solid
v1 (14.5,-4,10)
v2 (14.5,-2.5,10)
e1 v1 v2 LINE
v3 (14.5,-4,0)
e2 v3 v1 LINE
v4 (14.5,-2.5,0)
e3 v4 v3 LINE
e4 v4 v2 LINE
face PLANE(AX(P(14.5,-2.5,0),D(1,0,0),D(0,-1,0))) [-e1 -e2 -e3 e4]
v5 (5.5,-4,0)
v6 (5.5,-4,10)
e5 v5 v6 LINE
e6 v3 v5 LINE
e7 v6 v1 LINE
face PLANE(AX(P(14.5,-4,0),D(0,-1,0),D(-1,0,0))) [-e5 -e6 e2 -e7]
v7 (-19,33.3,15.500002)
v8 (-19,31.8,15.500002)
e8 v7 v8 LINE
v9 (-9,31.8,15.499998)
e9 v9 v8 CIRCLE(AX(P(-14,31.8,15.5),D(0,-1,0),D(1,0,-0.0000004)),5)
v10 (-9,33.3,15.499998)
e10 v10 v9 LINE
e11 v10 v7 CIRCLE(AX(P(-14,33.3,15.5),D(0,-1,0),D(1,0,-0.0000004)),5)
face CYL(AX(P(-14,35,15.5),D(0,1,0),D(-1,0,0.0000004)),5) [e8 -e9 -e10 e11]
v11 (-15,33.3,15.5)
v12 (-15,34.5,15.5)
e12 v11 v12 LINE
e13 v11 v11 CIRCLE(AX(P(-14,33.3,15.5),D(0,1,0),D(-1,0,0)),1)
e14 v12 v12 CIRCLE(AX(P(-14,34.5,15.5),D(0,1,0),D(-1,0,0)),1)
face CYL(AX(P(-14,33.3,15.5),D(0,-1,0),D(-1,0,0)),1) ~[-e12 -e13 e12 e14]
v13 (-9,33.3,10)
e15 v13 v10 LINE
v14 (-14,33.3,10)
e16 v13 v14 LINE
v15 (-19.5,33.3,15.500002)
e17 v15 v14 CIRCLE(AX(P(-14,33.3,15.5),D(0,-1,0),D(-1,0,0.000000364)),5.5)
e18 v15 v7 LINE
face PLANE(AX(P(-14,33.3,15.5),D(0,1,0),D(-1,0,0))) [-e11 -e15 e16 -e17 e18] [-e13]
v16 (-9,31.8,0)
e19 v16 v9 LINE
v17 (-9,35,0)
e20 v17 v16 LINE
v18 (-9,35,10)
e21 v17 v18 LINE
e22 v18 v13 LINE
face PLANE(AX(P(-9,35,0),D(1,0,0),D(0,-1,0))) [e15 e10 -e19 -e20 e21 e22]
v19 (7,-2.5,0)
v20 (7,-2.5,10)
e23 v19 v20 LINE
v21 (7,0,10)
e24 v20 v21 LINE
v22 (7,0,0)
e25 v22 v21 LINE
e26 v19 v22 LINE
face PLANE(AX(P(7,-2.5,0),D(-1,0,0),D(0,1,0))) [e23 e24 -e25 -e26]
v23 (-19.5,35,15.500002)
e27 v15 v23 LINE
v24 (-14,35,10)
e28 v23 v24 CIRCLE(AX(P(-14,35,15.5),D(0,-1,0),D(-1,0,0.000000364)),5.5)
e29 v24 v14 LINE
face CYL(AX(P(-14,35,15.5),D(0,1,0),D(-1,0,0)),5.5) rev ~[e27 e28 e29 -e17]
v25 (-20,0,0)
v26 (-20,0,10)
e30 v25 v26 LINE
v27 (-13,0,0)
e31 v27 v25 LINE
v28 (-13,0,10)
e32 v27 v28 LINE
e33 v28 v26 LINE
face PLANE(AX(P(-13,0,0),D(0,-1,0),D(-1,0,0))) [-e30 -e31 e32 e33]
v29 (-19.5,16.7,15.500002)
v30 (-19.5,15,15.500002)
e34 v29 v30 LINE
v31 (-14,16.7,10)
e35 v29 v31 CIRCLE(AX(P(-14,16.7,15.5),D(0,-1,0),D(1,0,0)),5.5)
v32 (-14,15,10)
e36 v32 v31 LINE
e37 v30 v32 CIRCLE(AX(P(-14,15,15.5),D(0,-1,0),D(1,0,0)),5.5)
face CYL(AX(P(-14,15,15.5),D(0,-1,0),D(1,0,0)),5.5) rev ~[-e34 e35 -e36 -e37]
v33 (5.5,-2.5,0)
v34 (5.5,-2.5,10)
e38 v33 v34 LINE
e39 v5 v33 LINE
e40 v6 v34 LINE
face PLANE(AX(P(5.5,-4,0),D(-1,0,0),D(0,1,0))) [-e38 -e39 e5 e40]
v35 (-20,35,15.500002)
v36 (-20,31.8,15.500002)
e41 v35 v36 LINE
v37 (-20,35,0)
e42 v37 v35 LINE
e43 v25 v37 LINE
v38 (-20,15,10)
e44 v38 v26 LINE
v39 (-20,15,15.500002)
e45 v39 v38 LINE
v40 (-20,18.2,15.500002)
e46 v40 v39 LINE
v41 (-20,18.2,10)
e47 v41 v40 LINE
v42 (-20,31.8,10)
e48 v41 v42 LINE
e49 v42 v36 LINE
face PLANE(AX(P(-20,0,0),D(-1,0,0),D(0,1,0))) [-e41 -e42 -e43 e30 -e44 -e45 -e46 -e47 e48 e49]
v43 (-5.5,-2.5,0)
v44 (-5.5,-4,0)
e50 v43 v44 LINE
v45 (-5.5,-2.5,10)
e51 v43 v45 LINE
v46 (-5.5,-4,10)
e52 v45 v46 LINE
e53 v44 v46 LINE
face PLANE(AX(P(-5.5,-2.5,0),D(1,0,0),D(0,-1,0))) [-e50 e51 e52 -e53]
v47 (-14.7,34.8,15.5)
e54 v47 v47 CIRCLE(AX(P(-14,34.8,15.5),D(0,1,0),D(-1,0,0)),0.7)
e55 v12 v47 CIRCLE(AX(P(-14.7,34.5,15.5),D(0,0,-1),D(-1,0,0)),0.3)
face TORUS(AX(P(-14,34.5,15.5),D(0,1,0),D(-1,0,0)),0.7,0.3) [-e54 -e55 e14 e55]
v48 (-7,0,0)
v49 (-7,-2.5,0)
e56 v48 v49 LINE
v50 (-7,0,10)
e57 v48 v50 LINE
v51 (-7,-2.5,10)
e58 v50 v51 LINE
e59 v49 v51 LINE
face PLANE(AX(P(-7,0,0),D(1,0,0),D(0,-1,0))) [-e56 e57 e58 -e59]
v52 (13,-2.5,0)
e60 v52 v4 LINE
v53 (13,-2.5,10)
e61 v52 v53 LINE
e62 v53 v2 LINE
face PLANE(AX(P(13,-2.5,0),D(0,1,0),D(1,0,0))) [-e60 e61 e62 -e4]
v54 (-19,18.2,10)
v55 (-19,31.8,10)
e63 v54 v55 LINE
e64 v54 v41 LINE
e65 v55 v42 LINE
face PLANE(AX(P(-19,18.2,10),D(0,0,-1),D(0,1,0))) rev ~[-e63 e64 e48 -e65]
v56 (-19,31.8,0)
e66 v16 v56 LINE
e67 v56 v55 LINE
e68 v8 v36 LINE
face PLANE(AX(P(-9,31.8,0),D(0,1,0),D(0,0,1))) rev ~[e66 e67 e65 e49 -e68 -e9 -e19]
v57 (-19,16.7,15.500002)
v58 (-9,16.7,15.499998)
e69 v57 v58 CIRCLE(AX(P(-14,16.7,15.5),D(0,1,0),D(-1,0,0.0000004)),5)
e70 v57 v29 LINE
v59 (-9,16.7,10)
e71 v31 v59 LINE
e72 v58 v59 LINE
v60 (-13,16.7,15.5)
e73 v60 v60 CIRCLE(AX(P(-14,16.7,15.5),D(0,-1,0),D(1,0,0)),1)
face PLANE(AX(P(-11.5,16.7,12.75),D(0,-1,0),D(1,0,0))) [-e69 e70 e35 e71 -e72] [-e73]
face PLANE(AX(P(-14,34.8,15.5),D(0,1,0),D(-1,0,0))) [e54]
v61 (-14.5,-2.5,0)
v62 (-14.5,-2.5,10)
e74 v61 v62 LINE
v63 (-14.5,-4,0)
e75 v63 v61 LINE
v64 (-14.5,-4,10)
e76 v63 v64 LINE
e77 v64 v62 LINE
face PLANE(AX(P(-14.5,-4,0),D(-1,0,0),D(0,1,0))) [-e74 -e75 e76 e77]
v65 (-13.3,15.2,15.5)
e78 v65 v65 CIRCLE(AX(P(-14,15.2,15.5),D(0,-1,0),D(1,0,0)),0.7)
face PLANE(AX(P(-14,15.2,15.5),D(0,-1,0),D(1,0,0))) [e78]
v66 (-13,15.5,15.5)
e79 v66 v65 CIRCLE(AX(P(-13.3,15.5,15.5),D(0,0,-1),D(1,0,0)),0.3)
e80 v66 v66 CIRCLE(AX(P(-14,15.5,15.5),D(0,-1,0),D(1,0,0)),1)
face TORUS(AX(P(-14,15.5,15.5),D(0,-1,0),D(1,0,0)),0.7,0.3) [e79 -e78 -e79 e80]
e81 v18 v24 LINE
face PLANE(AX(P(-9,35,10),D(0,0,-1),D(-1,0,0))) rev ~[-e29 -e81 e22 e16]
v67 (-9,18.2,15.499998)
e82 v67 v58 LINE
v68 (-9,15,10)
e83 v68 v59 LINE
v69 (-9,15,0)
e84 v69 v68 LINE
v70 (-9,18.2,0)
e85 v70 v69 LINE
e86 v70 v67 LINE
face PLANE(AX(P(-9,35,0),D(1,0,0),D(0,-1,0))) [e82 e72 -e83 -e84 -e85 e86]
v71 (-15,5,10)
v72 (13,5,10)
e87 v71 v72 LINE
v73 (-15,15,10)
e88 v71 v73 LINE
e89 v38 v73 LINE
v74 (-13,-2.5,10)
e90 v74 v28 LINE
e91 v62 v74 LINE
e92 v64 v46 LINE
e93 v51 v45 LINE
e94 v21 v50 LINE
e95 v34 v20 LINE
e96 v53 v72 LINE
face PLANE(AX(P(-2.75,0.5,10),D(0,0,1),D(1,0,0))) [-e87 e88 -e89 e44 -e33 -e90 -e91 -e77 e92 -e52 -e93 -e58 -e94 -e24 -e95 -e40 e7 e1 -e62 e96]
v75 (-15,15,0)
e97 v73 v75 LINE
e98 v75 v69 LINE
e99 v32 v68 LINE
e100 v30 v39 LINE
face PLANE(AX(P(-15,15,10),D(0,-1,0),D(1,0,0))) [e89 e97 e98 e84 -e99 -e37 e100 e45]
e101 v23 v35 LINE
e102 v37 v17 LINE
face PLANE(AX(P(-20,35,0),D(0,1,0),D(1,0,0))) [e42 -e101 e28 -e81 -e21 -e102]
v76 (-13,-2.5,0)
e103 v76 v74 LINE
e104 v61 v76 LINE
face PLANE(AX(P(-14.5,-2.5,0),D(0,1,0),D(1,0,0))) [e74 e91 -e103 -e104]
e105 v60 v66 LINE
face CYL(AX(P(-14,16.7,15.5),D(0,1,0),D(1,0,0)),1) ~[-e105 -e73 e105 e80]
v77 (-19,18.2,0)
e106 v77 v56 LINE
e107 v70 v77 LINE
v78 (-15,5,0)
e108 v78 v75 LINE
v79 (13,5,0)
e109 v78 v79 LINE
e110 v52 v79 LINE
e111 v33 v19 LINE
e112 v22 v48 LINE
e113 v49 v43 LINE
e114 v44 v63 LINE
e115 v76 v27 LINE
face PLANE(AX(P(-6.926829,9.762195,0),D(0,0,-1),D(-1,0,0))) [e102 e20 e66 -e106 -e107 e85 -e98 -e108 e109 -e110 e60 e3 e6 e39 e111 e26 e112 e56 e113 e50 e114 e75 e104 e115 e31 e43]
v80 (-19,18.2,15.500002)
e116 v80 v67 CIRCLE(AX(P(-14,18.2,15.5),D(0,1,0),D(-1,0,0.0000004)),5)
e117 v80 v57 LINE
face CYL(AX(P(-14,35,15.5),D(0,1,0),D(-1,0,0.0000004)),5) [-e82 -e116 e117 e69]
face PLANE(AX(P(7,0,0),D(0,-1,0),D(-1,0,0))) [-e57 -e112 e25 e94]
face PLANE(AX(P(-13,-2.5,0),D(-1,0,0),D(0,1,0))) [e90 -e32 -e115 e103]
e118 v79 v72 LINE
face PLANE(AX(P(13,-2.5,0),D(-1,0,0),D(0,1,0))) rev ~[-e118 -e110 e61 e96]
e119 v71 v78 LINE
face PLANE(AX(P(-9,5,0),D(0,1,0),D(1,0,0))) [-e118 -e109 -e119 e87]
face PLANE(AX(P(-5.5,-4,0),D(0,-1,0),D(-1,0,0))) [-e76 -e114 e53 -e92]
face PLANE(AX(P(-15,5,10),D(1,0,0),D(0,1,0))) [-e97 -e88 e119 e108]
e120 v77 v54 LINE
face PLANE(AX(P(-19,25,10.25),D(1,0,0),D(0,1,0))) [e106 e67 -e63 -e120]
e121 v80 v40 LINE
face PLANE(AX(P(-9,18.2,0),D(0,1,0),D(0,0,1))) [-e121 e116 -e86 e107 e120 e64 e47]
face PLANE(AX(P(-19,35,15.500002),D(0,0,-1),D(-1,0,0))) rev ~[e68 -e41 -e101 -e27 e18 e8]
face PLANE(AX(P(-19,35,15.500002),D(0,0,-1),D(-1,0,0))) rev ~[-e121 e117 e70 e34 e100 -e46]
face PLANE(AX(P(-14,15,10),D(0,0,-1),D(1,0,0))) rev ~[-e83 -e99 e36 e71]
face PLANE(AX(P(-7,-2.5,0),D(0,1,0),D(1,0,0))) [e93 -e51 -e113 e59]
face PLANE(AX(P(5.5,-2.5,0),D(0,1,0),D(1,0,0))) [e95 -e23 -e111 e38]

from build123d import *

# Parameters (mm, degrees)
PAD_DEPTH       = 20.5
SKETCH003_W     = 34.5
SKETCH003_H     = 9
POCKET_DEPTH    = 10.5
POCKET001_DEPTH = 20
SKETCH018_W     = 13.6
SKETCH018_H     = 20.5
POCKET002_DEPTH = 10
SKETCH019_W     = 11
SKETCH019_H     = 10
POCKET003_DEPTH = 10.5
SKETCH020_W     = 6
SKETCH020_H     = 10
POCKET004_DEPTH = 10
SKETCH021_R     = 5.5
POCKET005_DEPTH = 1.7
SKETCH022_W     = 5
SKETCH022_H     = 5.5
POCKET006_DEPTH = 1.7
SKETCH023_R     = 5.5
POCKET007_DEPTH = 1.7
SKETCH024_W     = 5
SKETCH024_H     = 5.5
POCKET008_DEPTH = 1.7
SKETCH025_W     = 13.6
SKETCH025_H     = 5.500002
POCKET009_DEPTH = 1
SKETCH026_R     = 1
PAD001_DEPTH    = 1.5
FILLET_R        = 0.3
SKETCH027_R     = 1
PAD002_DEPTH    = 1.5
FILLET001_R     = 0.3


with BuildPart() as part:
    # Sketch → Pad (new body)
    with BuildSketch(Plane.XY):
        Polygon((13, 0), (13, -2.5), (14.5, -2.5), (14.5, -4), (5.5, -4), (5.5, -2.5), (7, -2.5), (7, 0), (-7, 0), (-7, -2.5), (-5.5, -2.5), (-5.5, -4), (-14.5, -4), (-14.5, -2.5), (-13, -2.5), (-13, 0), (-20, 0), (-20, 35), (-9, 35), (-9, 5), (13, 5), align=None)
    extrude(amount=PAD_DEPTH)

    # Sketch003 (on Face23 of Pad) → Pocket (cut)
    with BuildSketch(Plane.XY.offset(20.5)):
        with Locations((-2.75, 0.5)):
            Rectangle(SKETCH003_W, SKETCH003_H)
    extrude(amount=-POCKET_DEPTH, mode=Mode.SUBTRACT)

    # Sketch001 (on Face18 of Pad) → Pocket001 (cut)
    with BuildSketch(Plane(origin=(0, 35, 0), x_dir=(-1, 0, 0), z_dir=(0, 1, 0))):
        with BuildLine():
            ThreePointArc((19, 15.500002), (13.999998, 20.5), (9, 15.499998))
            Line((9, 21.5), (9, 15.499998))
            Line((9, 21.5), (20, 21.5))
            Line((20, 21.5), (20, 15.500002))
            Line((19, 15.500002), (20, 15.500002))
        make_face()
    extrude(amount=-POCKET001_DEPTH, mode=Mode.SUBTRACT)

    # Sketch018 (on Face22 of Pocket001) → Pocket002 (cut)
    with BuildSketch(Plane.YZ.offset(-9)):
        with Locations((25, 10.25)):
            Rectangle(SKETCH018_W, SKETCH018_H)
    extrude(amount=-POCKET002_DEPTH, mode=Mode.SUBTRACT)

    # Sketch019 (on Face29 of Pocket002) → Pocket003 (cut)
    with BuildSketch(Plane.XY.offset(20.5)):
        with Locations((-14.5, 10)):
            Rectangle(SKETCH019_W, SKETCH019_H)
    extrude(amount=-POCKET003_DEPTH, mode=Mode.SUBTRACT)

    # Sketch020 (on Face28 of Pocket003) → Pocket004 (cut)
    with BuildSketch(Plane.XY.offset(10)):
        with Locations((-12, 10)):
            Rectangle(SKETCH020_W, SKETCH020_H)
    extrude(amount=-POCKET004_DEPTH, mode=Mode.SUBTRACT)

    # Sketch021 (on Face15 of Pocket004) → Pocket005 (cut)
    with BuildSketch(Plane(origin=(0, 35, 0), x_dir=(-1, 0, 0), z_dir=(0, 1, 0))):
        with Locations((14, 15.5)):
            Circle(SKETCH021_R)
    extrude(amount=-POCKET005_DEPTH, mode=Mode.SUBTRACT)

    # Sketch022 (on Face15 of Pocket005) → Pocket006 (cut)
    with BuildSketch(Plane(origin=(0, 35, 0), x_dir=(-1, 0, 0), z_dir=(0, 1, 0))):
        with Locations((11.5, 12.75)):
            Rectangle(SKETCH022_W, SKETCH022_H)
    extrude(amount=-POCKET006_DEPTH, mode=Mode.SUBTRACT)

    # Sketch023 (on Face32 of Pocket006) → Pocket007 (cut)
    with BuildSketch(Plane.XZ.offset(-15)):
        with Locations((-14, 15.5)):
            Circle(SKETCH023_R)
    extrude(amount=-POCKET007_DEPTH, mode=Mode.SUBTRACT)

    # Sketch024 (on Face33 of Pocket007) → Pocket008 (cut)
    with BuildSketch(Plane.XZ.offset(-15)):
        with Locations((-11.5, 12.75)):
            Rectangle(SKETCH024_W, SKETCH024_H)
    extrude(amount=-POCKET008_DEPTH, mode=Mode.SUBTRACT)

    # Sketch025 (on Face12 of Pocket008) → Pocket009 (cut)
    with BuildSketch(Plane.YZ.offset(-19)):
        with Locations((25, 12.750001)):
            Rectangle(SKETCH025_W, SKETCH025_H)
    extrude(amount=-POCKET009_DEPTH, mode=Mode.SUBTRACT)

    # Sketch026 (on Face51 of Pocket009) → Pad001 (join)
    with BuildSketch(Plane.XZ.offset(-16.7)):
        with Locations((-14, 15.5)):
            Circle(SKETCH026_R)
    extrude(amount=PAD001_DEPTH)

    # Fillet
    fillet_edges = [part.edges().sort_by_distance(p)[0] for p in [
        (-15, 15.2, 15.5),
    ]]
    fillet(fillet_edges, radius=FILLET_R)

    # Sketch027 (on Face55 of Fillet) → Pad002 (join)
    with BuildSketch(Plane(origin=(0, 33.3, 0), x_dir=(-1, 0, 0), z_dir=(0, 1, 0))):
        with Locations((14, 15.5)):
            Circle(SKETCH027_R)
    extrude(amount=PAD002_DEPTH)

    # Fillet001
    fillet001_edges = [part.edges().sort_by_distance(p)[0] for p in [
        (-13, 34.8, 15.5),
    ]]
    fillet(fillet001_edges, radius=FILLET001_R)


solid = part.part
